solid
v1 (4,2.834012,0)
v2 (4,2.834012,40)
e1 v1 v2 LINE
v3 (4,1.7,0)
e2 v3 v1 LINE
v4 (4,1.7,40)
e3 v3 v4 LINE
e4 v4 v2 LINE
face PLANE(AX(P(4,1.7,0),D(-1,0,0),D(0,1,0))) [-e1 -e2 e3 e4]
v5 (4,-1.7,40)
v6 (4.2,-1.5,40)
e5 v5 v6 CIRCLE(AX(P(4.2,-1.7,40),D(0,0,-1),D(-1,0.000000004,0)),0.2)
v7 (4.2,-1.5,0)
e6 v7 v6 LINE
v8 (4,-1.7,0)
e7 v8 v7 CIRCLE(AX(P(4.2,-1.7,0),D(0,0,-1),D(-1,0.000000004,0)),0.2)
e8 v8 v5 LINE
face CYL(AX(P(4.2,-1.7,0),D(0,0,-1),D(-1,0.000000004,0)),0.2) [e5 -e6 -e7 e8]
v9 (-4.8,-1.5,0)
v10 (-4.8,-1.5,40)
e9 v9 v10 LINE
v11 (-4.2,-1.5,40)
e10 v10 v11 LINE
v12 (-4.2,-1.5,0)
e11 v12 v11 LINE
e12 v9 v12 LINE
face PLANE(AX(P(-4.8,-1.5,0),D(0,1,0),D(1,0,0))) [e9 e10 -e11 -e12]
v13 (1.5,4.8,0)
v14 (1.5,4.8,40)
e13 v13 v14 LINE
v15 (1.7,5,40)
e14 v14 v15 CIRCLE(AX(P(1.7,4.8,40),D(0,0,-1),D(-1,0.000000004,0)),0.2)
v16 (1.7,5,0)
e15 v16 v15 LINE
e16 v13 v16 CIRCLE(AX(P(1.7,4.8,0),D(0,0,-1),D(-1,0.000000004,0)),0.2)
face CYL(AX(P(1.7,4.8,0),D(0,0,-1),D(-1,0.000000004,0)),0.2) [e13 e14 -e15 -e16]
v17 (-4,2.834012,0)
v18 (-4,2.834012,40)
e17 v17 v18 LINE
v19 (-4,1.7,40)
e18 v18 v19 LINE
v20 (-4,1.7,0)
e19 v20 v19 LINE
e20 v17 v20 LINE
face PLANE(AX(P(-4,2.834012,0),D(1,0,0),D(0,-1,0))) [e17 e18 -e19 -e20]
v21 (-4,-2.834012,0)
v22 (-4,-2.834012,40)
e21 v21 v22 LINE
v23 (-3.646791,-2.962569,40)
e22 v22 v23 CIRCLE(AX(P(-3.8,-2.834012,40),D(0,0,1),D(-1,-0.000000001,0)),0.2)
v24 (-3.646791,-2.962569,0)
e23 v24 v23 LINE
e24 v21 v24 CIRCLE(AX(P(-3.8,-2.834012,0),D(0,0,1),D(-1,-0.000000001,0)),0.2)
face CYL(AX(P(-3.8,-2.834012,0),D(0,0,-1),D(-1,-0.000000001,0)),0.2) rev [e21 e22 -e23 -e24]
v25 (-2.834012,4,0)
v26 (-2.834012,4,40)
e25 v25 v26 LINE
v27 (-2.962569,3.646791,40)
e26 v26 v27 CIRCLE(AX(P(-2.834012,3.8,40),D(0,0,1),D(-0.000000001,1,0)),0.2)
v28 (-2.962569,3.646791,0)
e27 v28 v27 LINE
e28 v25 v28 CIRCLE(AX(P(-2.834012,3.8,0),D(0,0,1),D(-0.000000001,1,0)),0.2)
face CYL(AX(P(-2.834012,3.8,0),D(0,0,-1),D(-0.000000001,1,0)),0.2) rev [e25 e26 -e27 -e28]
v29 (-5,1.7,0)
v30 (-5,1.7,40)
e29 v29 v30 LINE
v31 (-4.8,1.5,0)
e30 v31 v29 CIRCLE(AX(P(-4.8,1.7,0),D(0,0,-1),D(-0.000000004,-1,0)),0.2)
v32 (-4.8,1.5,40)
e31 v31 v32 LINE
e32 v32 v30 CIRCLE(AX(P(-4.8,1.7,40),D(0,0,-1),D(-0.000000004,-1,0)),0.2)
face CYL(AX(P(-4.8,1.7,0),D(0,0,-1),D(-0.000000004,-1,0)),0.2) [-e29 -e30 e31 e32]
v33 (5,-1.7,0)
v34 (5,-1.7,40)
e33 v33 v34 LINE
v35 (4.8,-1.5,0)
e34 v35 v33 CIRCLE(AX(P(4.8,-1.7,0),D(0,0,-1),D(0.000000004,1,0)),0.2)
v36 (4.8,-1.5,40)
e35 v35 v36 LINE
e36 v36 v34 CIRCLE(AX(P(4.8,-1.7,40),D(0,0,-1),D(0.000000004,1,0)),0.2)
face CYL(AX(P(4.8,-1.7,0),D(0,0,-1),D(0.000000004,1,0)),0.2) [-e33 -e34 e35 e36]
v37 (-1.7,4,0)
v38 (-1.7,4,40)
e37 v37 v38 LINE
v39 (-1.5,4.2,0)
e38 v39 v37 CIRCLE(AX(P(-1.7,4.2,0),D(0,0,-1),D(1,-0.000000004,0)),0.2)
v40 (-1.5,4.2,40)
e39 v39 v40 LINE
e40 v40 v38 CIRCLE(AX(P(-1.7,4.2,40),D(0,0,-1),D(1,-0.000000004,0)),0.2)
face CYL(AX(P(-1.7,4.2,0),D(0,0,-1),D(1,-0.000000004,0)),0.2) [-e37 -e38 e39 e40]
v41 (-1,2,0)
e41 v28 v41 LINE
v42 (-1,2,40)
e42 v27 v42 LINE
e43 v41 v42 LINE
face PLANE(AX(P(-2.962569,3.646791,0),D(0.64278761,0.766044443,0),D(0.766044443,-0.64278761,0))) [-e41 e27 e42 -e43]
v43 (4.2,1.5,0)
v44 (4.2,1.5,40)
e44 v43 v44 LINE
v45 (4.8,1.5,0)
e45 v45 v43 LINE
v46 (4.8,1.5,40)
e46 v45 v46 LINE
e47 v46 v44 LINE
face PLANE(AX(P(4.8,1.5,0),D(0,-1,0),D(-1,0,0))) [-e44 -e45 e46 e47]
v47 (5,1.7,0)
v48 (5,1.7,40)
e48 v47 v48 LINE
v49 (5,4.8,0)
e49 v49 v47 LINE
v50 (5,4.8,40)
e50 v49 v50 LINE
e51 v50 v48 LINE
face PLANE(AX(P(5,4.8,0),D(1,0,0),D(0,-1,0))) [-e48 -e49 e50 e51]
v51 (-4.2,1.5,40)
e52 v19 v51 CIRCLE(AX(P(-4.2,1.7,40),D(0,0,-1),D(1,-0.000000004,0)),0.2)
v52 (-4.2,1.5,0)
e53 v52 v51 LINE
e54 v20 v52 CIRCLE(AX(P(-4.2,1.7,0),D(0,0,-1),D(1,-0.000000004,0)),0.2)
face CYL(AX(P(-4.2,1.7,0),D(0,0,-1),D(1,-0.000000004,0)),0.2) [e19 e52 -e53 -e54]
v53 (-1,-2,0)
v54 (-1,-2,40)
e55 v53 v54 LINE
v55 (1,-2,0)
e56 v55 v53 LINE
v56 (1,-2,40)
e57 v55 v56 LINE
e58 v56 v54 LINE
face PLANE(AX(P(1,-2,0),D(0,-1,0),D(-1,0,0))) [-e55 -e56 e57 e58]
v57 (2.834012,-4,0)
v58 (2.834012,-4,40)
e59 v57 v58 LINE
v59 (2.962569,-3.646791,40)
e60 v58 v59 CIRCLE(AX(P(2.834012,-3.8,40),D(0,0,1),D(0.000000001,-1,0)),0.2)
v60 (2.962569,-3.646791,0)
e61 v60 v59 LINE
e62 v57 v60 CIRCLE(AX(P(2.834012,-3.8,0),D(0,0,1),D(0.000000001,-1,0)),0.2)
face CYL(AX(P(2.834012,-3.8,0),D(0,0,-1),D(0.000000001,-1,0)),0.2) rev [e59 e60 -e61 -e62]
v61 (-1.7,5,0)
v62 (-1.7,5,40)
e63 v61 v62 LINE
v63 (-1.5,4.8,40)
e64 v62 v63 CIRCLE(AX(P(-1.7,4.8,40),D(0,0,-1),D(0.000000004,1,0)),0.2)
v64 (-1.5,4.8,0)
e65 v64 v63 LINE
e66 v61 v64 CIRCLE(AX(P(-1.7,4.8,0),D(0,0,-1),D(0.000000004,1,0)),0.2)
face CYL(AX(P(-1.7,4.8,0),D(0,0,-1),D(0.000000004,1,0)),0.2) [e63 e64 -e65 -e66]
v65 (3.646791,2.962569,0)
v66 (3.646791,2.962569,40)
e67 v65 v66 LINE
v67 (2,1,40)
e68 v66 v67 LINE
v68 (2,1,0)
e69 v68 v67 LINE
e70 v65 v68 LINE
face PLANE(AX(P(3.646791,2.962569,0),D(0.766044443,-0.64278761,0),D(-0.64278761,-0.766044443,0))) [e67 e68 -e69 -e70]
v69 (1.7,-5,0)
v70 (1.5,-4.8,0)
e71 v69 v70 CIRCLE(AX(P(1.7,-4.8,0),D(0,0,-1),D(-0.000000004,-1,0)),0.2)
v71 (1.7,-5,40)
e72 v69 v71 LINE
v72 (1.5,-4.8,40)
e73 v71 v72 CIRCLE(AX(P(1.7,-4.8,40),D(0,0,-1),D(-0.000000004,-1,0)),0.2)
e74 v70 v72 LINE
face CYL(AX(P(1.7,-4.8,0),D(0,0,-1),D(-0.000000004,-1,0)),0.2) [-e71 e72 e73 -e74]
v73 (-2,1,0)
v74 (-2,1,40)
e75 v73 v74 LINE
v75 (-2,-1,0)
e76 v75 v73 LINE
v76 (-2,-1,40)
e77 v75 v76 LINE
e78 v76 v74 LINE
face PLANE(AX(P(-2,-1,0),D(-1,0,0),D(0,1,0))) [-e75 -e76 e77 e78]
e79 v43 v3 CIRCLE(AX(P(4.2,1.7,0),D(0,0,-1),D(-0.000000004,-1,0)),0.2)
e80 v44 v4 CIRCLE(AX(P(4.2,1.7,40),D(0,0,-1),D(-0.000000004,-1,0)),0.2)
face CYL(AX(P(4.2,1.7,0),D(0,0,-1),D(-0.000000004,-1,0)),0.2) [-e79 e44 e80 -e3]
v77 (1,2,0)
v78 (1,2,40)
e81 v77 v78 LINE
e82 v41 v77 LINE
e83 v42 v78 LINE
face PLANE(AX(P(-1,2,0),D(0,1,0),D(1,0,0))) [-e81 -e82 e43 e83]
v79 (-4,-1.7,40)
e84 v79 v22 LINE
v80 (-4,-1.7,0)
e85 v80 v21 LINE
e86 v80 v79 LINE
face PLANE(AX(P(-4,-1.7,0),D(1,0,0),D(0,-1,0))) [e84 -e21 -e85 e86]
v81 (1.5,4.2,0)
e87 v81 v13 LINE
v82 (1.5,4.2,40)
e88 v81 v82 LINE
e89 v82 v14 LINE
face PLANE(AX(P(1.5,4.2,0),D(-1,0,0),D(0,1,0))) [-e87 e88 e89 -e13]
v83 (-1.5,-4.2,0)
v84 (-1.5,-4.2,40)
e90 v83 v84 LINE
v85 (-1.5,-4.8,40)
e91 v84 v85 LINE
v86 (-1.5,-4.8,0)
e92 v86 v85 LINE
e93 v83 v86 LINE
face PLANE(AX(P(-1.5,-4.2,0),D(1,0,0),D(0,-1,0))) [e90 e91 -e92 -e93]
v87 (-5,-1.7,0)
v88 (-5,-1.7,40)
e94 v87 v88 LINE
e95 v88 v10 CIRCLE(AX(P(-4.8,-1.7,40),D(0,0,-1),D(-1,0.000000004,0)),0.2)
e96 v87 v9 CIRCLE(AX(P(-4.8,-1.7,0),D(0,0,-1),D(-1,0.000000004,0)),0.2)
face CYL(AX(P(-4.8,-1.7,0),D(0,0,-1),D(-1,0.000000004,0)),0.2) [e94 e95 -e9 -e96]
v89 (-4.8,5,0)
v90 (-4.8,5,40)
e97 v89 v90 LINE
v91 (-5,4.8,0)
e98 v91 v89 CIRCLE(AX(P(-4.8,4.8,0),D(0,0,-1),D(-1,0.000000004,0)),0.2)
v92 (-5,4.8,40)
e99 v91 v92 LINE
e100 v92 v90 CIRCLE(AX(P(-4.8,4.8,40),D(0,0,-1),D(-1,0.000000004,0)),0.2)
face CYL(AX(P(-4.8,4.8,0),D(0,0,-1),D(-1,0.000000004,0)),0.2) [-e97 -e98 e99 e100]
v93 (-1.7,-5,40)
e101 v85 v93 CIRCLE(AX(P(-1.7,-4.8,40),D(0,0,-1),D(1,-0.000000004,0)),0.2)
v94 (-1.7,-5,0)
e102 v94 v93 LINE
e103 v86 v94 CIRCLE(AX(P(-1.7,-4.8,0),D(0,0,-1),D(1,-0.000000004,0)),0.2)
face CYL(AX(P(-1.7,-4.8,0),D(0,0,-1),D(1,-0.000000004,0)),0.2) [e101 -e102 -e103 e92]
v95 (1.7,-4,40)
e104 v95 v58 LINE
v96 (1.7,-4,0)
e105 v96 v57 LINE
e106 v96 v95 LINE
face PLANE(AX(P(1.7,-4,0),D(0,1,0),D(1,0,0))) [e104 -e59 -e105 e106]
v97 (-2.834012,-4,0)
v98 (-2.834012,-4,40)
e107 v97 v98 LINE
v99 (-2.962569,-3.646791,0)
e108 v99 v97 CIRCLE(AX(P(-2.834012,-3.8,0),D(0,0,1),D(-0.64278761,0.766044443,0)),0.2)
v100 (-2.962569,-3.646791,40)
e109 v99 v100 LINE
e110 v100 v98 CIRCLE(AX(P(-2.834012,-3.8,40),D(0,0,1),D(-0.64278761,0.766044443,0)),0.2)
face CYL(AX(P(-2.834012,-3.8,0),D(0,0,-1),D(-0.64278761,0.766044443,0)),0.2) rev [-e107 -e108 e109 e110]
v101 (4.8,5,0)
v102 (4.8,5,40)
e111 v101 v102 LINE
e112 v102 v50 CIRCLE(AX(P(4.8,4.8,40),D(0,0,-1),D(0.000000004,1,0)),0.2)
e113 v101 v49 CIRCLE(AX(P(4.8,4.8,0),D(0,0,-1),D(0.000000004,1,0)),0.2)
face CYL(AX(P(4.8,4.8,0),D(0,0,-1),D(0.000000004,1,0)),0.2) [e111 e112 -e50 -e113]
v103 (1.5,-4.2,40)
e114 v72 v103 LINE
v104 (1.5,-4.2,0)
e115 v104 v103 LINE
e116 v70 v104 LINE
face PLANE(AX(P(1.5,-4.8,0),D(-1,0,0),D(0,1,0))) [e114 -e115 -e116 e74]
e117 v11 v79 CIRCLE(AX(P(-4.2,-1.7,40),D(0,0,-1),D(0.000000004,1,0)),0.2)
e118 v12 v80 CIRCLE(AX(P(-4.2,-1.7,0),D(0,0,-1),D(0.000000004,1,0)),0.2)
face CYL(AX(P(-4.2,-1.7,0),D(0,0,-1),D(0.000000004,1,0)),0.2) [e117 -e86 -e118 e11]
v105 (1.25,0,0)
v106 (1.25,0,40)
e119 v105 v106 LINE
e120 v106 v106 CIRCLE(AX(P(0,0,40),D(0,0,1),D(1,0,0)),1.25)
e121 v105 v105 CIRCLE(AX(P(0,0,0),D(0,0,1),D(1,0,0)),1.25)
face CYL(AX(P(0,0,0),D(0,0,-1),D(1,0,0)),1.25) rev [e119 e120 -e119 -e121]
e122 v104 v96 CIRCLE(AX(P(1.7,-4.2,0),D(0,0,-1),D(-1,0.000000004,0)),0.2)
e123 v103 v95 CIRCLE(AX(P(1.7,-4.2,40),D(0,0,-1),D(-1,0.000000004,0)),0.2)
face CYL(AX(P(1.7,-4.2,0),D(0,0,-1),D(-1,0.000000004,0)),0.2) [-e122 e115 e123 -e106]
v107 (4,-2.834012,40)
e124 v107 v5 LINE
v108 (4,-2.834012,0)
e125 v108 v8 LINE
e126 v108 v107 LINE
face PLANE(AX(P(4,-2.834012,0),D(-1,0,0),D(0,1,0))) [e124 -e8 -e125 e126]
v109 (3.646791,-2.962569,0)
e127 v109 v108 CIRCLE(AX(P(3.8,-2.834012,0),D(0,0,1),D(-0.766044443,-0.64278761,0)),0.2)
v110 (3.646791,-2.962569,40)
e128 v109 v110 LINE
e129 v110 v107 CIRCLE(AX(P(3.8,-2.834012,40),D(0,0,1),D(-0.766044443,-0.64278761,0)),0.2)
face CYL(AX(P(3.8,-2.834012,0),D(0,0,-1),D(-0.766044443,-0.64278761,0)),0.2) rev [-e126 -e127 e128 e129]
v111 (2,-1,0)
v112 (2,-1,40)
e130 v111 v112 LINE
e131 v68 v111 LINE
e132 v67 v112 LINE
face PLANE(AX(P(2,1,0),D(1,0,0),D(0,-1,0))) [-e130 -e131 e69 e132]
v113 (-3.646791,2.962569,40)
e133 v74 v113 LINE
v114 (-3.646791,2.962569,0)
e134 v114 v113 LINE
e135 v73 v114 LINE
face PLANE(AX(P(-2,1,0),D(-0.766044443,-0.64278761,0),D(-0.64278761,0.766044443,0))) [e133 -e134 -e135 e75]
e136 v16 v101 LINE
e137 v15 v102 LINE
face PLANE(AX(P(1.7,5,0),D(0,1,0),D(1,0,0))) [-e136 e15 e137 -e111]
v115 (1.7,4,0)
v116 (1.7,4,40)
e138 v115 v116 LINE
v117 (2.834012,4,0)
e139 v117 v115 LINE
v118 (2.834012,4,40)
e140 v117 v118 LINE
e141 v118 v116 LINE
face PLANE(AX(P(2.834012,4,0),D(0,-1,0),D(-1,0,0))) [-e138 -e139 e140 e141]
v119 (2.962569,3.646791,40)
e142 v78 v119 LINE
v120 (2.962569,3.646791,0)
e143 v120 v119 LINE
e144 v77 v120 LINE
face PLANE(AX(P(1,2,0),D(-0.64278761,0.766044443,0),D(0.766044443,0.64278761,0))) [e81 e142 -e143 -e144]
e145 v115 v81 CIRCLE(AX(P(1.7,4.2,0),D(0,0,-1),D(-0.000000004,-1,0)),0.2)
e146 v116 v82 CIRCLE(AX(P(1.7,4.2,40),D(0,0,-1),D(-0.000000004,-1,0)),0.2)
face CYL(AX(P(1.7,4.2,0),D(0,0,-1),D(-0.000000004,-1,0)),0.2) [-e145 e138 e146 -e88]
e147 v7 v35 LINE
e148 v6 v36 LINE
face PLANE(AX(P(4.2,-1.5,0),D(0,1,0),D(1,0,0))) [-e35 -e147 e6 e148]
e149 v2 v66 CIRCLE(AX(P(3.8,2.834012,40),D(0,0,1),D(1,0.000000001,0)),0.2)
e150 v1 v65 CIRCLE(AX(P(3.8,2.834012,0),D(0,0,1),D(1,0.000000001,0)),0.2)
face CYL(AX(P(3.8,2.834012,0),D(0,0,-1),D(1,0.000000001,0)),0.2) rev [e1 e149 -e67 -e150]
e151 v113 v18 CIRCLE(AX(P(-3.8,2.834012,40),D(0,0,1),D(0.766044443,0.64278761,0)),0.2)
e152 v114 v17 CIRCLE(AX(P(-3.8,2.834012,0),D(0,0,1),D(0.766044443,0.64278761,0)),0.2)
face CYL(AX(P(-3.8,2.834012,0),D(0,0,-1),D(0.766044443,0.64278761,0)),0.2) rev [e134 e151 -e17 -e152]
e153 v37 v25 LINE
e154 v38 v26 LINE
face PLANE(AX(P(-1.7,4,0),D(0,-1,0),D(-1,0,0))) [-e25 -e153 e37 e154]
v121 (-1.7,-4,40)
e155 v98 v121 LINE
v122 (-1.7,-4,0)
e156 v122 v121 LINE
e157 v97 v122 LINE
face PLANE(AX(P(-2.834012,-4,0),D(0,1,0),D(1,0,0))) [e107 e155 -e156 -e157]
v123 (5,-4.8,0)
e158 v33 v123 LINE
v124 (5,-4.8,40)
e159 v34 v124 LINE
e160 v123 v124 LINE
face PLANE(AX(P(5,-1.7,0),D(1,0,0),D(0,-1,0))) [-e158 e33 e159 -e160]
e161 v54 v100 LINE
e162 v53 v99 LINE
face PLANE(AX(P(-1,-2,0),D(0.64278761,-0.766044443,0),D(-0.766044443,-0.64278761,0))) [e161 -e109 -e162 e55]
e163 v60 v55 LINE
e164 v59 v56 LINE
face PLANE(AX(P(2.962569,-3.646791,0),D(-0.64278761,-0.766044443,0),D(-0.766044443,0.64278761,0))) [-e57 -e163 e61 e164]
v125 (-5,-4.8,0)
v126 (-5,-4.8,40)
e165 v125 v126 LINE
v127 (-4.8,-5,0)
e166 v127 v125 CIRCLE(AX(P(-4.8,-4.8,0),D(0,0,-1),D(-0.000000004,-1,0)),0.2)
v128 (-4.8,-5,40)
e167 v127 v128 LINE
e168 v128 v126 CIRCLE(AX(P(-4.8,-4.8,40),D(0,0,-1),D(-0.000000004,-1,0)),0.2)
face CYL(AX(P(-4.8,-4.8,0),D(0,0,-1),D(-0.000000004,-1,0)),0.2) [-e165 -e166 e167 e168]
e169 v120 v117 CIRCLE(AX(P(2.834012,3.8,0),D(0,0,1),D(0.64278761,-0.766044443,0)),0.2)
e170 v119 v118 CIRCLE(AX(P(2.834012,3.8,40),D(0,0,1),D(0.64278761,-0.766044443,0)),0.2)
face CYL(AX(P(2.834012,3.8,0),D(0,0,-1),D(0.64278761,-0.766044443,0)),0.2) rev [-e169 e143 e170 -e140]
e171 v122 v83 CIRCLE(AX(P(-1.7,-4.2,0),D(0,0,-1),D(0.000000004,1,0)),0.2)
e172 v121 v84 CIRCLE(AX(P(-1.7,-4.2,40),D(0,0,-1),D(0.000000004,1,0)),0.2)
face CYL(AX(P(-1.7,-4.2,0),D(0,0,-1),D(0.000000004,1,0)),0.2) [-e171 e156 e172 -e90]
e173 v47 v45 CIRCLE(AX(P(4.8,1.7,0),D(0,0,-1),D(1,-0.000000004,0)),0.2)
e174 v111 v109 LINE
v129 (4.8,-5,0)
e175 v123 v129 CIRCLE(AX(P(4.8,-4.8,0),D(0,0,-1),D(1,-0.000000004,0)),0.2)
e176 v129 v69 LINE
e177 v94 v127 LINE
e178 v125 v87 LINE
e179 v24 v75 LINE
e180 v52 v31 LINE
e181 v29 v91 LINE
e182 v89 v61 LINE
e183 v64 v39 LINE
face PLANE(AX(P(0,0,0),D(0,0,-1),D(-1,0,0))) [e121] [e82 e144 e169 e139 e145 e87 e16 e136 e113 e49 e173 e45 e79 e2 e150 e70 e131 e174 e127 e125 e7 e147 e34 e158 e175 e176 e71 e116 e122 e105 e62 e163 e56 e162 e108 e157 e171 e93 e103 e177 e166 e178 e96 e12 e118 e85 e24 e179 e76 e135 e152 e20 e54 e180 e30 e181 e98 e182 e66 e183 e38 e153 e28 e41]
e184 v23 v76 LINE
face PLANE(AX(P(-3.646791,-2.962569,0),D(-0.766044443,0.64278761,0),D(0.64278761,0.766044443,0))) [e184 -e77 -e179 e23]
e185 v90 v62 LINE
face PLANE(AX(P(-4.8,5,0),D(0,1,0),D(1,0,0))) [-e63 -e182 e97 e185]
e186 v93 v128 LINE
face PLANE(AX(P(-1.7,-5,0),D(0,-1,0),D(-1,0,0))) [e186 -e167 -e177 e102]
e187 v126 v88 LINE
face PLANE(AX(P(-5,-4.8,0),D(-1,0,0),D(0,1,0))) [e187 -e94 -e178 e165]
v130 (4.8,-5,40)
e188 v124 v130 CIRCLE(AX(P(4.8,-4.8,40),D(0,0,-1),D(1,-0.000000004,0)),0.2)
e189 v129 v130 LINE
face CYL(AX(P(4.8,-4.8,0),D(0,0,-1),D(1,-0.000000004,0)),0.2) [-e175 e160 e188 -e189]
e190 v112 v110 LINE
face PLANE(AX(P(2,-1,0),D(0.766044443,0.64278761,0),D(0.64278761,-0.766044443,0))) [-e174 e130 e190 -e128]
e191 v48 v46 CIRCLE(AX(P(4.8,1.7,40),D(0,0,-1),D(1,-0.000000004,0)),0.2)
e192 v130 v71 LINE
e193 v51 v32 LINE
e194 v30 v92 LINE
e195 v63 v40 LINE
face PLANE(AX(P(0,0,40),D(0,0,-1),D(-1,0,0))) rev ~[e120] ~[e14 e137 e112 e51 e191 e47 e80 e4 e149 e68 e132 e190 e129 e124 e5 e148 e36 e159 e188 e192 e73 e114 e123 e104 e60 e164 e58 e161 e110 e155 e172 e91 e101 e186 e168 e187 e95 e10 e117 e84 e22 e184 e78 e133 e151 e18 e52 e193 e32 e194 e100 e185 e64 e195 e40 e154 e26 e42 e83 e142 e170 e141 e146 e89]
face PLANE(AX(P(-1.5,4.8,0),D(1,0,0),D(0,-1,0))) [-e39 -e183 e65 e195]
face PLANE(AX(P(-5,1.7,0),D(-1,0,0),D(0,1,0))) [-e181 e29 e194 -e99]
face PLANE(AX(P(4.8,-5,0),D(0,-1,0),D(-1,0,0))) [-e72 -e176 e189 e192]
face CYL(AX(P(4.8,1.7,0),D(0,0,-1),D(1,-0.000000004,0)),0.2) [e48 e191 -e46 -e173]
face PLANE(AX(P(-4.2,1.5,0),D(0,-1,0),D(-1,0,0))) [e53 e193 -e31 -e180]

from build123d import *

# Parameters (mm, degrees)
SKETCH1_R           = 1.25
BOSS_EXTRUDE1_DEPTH = 40


with BuildPart() as part:
    # Sketch1 → Boss-Extrude1 (new body)
    with BuildSketch(Plane.XY):
        with BuildLine():
            Line((-4.8, 5), (-1.7, 5))
            ThreePointArc((-1.7, 5), (-1.558578644, 4.941421356), (-1.5, 4.8))
            Line((-1.5, 4.8), (-1.5, 4.2))
            ThreePointArc((-1.5, 4.2), (-1.558578644, 4.058578644), (-1.7, 4))
            Line((-1.7, 4), (-2.834011701, 4))
            ThreePointArc((-2.834011701, 4), (-3.021950225, 3.868404029), (-2.962569223, 3.646791111))
            Line((-2.962569223, 3.646791111), (-1, 2))
            Line((-1, 2), (1, 2))
            Line((1, 2), (2.962569223, 3.646791111))
            ThreePointArc((2.962569223, 3.646791111), (3.021950225, 3.868404029), (2.834011701, 4))
            Line((2.834011701, 4), (1.7, 4))
            ThreePointArc((1.7, 4), (1.558578644, 4.058578644), (1.5, 4.2))
            Line((1.5, 4.2), (1.5, 4.8))
            ThreePointArc((1.5, 4.8), (1.558578644, 4.941421356), (1.7, 5))
            Line((1.7, 5), (4.8, 5))
            ThreePointArc((4.8, 5), (4.941421356, 4.941421356), (5, 4.8))
            Line((5, 4.8), (5, 1.7))
            ThreePointArc((5, 1.7), (4.941421356, 1.558578644), (4.8, 1.5))
            Line((4.8, 1.5), (4.2, 1.5))
            ThreePointArc((4.2, 1.5), (4.058578644, 1.558578644), (4, 1.7))
            Line((4, 1.7), (4, 2.834011701))
            ThreePointArc((4, 2.834011701), (3.868404029, 3.021950225), (3.646791111, 2.962569223))
            Line((3.646791111, 2.962569223), (2, 1))
            Line((2, 1), (2, -1))
            Line((2, -1), (3.646791111, -2.962569223))
            ThreePointArc((3.646791111, -2.962569223), (3.868404029, -3.021950225), (4, -2.834011701))
            Line((4, -2.834011701), (4, -1.7))
            ThreePointArc((4, -1.7), (4.058578644, -1.558578644), (4.2, -1.5))
            Line((4.2, -1.5), (4.8, -1.5))
            ThreePointArc((4.8, -1.5), (4.941421356, -1.558578644), (5, -1.7))
            Line((5, -1.7), (5, -4.8))
            ThreePointArc((5, -4.8), (4.941421356, -4.941421356), (4.8, -5))
            Line((4.8, -5), (1.7, -5))
            ThreePointArc((1.7, -5), (1.558578644, -4.941421356), (1.5, -4.8))
            Line((1.5, -4.8), (1.5, -4.2))
            ThreePointArc((1.5, -4.2), (1.558578644, -4.058578644), (1.7, -4))
            Line((1.7, -4), (2.834011701, -4))
            ThreePointArc((2.834011701, -4), (3.021950225, -3.868404029), (2.962569223, -3.646791111))
            Line((2.962569223, -3.646791111), (1, -2))
            Line((1, -2), (-1, -2))
            Line((-1, -2), (-2.962569223, -3.646791111))
            ThreePointArc((-2.962569223, -3.646791111), (-3.021950225, -3.868404029), (-2.834011701, -4))
            Line((-2.834011701, -4), (-1.7, -4))
            ThreePointArc((-1.7, -4), (-1.558578644, -4.058578644), (-1.5, -4.2))
            Line((-1.5, -4.2), (-1.5, -4.8))
            ThreePointArc((-1.5, -4.8), (-1.558578644, -4.941421356), (-1.7, -5))
            Line((-1.7, -5), (-4.8, -5))
            ThreePointArc((-4.8, -5), (-4.941421356, -4.941421356), (-5, -4.8))
            Line((-5, -4.8), (-5, -1.7))
            ThreePointArc((-5, -1.7), (-4.941421356, -1.558578644), (-4.8, -1.5))
            Line((-4.8, -1.5), (-4.2, -1.5))
            ThreePointArc((-4.2, -1.5), (-4.058578644, -1.558578644), (-4, -1.7))
            Line((-4, -1.7), (-4, -2.834011701))
            ThreePointArc((-4, -2.834011701), (-3.868404029, -3.021950225), (-3.646791111, -2.962569223))
            Line((-3.646791111, -2.962569223), (-2, -1))
            Line((-2, -1), (-2, 1))
            Line((-2, 1), (-3.646791111, 2.962569223))
            ThreePointArc((-3.646791111, 2.962569223), (-3.868404029, 3.021950225), (-4, 2.834011701))
            Line((-4, 2.834011701), (-4, 1.7))
            ThreePointArc((-4, 1.7), (-4.058578644, 1.558578644), (-4.2, 1.5))
            Line((-4.2, 1.5), (-4.8, 1.5))
            ThreePointArc((-4.8, 1.5), (-4.941421356, 1.558578644), (-5, 1.7))
            Line((-5, 1.7), (-5, 4.8))
            ThreePointArc((-5, 4.8), (-4.941421356, 4.941421356), (-4.8, 5))
        make_face()
        Circle(SKETCH1_R, mode=Mode.SUBTRACT)
    extrude(amount=BOSS_EXTRUDE1_DEPTH)


solid = part.part
